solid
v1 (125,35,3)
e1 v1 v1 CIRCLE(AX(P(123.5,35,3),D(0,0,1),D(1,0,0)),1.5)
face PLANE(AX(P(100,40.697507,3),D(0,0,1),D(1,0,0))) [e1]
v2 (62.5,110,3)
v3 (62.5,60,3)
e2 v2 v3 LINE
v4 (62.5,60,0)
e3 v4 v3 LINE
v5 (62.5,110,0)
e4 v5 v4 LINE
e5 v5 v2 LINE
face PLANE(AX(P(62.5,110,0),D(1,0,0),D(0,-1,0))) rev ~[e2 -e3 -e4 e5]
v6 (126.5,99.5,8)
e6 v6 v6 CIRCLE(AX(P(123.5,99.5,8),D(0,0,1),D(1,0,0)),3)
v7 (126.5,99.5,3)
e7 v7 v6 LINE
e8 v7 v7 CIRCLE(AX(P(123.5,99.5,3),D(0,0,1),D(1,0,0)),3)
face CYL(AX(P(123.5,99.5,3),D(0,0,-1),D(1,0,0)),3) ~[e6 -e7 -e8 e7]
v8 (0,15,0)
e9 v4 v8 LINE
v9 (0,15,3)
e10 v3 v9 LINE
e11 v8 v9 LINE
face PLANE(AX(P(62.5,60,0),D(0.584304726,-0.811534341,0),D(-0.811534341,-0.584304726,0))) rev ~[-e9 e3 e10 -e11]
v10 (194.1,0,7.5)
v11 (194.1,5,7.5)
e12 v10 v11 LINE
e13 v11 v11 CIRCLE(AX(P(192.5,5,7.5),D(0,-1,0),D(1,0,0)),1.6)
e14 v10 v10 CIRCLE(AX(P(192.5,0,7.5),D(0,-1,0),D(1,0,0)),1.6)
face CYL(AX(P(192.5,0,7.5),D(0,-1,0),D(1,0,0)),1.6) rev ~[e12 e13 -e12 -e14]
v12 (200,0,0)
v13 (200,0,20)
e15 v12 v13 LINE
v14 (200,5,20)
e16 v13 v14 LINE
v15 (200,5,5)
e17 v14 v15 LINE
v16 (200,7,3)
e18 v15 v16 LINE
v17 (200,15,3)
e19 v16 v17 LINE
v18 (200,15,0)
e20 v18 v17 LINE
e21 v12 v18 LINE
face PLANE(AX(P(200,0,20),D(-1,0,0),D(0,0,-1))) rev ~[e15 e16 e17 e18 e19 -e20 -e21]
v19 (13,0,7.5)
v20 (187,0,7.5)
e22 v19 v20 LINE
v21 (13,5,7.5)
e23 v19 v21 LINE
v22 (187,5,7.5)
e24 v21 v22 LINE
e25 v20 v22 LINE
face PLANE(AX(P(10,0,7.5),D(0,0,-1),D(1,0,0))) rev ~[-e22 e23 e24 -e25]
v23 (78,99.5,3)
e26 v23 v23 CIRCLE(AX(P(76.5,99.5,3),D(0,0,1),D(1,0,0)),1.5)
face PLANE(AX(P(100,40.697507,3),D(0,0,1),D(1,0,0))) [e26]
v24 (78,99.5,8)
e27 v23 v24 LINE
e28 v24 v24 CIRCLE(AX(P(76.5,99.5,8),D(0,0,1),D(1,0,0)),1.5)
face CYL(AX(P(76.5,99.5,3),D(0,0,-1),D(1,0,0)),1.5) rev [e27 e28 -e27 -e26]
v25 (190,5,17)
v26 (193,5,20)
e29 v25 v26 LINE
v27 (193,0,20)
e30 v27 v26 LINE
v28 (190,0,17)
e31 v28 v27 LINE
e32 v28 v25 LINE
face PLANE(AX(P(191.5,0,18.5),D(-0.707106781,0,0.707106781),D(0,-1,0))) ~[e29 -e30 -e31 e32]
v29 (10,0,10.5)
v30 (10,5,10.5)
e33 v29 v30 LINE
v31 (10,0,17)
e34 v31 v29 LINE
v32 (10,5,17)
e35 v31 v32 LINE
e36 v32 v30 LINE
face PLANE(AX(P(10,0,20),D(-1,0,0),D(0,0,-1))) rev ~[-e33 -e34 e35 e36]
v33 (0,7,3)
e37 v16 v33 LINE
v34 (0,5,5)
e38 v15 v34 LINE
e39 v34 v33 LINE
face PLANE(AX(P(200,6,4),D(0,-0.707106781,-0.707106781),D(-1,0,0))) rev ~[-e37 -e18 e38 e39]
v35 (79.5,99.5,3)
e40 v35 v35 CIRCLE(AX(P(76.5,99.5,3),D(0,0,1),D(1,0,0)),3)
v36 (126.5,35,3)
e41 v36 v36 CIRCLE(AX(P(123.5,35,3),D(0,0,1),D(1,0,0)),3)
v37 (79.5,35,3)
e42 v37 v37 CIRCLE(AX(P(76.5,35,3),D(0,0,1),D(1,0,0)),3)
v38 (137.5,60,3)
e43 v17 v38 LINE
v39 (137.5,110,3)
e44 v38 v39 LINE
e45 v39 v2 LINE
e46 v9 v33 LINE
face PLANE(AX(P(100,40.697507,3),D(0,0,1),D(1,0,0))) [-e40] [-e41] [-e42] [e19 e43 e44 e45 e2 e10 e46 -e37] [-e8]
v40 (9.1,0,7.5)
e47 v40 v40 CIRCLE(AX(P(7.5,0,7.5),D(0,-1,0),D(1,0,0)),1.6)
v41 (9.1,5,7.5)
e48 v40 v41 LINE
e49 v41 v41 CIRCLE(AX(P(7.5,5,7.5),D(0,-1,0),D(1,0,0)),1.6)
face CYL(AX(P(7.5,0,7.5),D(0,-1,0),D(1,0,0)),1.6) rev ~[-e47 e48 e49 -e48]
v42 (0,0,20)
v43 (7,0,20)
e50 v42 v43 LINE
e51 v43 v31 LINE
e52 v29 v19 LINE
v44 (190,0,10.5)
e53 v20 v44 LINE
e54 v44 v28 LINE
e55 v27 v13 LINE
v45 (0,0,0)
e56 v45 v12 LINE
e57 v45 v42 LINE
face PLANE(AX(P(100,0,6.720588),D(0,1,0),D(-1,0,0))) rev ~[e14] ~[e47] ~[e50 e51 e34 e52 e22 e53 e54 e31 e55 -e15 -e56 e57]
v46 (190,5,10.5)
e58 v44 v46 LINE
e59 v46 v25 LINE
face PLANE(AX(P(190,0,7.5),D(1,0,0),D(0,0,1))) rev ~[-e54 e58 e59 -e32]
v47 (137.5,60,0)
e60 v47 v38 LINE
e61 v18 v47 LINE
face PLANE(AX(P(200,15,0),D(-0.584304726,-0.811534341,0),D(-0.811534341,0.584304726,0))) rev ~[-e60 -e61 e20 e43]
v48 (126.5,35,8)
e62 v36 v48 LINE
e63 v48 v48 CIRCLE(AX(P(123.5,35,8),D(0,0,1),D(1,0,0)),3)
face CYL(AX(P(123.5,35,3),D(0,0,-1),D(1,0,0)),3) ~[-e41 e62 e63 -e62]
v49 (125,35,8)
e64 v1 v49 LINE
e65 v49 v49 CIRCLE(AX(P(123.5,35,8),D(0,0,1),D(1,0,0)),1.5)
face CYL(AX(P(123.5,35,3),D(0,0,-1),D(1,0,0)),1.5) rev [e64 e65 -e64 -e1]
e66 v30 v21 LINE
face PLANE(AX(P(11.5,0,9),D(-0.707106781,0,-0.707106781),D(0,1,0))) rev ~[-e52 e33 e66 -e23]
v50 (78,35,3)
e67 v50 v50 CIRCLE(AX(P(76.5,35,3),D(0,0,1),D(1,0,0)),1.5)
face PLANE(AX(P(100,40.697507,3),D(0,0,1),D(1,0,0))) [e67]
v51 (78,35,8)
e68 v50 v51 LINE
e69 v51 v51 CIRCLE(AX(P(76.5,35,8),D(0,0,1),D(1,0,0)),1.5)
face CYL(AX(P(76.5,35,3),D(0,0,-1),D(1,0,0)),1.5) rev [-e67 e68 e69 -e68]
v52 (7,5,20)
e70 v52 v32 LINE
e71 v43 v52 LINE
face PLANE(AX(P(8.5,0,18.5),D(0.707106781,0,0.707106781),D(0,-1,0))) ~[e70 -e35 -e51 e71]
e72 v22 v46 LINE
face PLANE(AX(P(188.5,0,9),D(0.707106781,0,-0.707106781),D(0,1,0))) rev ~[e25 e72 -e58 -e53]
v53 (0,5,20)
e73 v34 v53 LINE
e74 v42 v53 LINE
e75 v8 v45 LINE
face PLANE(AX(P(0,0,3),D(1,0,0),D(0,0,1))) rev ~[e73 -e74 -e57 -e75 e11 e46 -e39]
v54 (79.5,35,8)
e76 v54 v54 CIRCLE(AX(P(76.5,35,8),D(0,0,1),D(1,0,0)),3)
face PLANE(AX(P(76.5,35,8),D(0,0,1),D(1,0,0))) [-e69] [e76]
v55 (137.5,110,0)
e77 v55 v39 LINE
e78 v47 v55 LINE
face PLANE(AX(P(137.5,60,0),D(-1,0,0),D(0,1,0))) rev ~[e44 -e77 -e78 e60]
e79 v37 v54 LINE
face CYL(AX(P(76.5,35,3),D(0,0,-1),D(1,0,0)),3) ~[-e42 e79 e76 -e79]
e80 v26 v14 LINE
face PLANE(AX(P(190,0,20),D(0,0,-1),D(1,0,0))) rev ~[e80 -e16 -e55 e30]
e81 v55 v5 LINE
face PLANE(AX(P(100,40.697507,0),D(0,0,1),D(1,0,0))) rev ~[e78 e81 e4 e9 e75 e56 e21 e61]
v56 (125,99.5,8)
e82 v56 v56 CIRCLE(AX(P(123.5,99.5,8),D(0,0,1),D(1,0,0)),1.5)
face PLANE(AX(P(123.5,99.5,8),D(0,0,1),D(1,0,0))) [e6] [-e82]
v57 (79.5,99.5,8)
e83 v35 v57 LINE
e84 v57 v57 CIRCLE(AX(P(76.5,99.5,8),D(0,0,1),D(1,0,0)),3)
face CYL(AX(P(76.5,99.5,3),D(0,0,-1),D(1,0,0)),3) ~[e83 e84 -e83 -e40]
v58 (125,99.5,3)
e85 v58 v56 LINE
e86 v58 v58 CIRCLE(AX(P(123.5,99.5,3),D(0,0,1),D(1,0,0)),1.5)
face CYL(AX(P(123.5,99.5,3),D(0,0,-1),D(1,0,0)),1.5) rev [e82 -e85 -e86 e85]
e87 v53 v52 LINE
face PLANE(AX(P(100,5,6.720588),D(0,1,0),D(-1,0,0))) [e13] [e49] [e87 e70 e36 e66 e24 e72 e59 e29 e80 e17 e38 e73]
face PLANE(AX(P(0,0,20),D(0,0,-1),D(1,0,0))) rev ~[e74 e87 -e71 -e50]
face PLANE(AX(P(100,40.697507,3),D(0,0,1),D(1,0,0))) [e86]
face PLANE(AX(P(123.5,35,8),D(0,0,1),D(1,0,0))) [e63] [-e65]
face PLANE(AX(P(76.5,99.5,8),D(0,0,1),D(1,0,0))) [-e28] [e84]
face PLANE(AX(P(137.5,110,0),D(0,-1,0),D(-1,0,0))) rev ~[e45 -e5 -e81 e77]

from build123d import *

# Parameters (mm, degrees)
PAD_DEPTH       = 3
PAD001_DEPTH    = 5
SKETCH002_R     = 1.6
POCKET_DEPTH    = 110.001
SKETCH003_R     = 3
SKETCH003_R_2   = 1.5
PAD002_DEPTH    = 5
CHAMFER_SIZE    = 3
CHAMFER001_SIZE = 2


with BuildPart() as part:
    # Sketch → Pad (new body)
    with BuildSketch(Plane.XY):
        Polygon((0, 0), (200, 0), (200, 15), (137.5, 60), (137.5, 110), (62.5, 110), (62.5, 60), (0, 15), align=None)
    extrude(amount=PAD_DEPTH)

    # Sketch001 (on Face1 of Pad) → Pad001 (join)
    with BuildSketch(Plane.XZ):
        Polygon((0, 3), (0, 20), (10, 20), (10, 7.5), (190, 7.5), (190, 20), (200, 20), (200, 3), align=None)
    extrude(amount=-PAD001_DEPTH)

    # Sketch002 (on Face14 of Pad001) → Pocket (cut, through all)
    with BuildSketch(Plane.XZ):
        with Locations((7.5, 7.5)):
            Circle(SKETCH002_R)
        with Locations((192.5, 7.5)):
            Circle(SKETCH002_R)
    extrude(amount=-POCKET_DEPTH, mode=Mode.SUBTRACT)

    # Sketch003 (on Face7 of Pocket) → Pad002 (join)
    with BuildSketch(Plane.XY.offset(3)):
        with Locations((76.5, 99.5)):
            Circle(SKETCH003_R)
        with Locations((76.5, 99.5)):
            Circle(SKETCH003_R_2, mode=Mode.SUBTRACT)
        with Locations((123.5, 99.5)):
            Circle(SKETCH003_R)
        with Locations((123.5, 99.5)):
            Circle(SKETCH003_R_2, mode=Mode.SUBTRACT)
        with Locations((123.5, 35)):
            Circle(SKETCH003_R)
        with Locations((123.5, 35)):
            Circle(SKETCH003_R_2, mode=Mode.SUBTRACT)
        with Locations((76.5, 35)):
            Circle(SKETCH003_R)
        with Locations((76.5, 35)):
            Circle(SKETCH003_R_2, mode=Mode.SUBTRACT)
    extrude(amount=PAD002_DEPTH)

    # Chamfer
    chamfer_edges = [part.edges().sort_by_distance(p)[0] for p in [
        (10, 2.5, 7.5),
        (190, 2.5, 7.5),
        (190, 2.5, 20),
        (10, 2.5, 20),
    ]]
    chamfer(chamfer_edges, length=CHAMFER_SIZE)

    # Chamfer001
    chamfer001_edges = [part.edges().sort_by_distance(p)[0] for p in [
        (100, 5, 3),
    ]]
    chamfer(chamfer001_edges, length=CHAMFER001_SIZE)


solid = part.part
